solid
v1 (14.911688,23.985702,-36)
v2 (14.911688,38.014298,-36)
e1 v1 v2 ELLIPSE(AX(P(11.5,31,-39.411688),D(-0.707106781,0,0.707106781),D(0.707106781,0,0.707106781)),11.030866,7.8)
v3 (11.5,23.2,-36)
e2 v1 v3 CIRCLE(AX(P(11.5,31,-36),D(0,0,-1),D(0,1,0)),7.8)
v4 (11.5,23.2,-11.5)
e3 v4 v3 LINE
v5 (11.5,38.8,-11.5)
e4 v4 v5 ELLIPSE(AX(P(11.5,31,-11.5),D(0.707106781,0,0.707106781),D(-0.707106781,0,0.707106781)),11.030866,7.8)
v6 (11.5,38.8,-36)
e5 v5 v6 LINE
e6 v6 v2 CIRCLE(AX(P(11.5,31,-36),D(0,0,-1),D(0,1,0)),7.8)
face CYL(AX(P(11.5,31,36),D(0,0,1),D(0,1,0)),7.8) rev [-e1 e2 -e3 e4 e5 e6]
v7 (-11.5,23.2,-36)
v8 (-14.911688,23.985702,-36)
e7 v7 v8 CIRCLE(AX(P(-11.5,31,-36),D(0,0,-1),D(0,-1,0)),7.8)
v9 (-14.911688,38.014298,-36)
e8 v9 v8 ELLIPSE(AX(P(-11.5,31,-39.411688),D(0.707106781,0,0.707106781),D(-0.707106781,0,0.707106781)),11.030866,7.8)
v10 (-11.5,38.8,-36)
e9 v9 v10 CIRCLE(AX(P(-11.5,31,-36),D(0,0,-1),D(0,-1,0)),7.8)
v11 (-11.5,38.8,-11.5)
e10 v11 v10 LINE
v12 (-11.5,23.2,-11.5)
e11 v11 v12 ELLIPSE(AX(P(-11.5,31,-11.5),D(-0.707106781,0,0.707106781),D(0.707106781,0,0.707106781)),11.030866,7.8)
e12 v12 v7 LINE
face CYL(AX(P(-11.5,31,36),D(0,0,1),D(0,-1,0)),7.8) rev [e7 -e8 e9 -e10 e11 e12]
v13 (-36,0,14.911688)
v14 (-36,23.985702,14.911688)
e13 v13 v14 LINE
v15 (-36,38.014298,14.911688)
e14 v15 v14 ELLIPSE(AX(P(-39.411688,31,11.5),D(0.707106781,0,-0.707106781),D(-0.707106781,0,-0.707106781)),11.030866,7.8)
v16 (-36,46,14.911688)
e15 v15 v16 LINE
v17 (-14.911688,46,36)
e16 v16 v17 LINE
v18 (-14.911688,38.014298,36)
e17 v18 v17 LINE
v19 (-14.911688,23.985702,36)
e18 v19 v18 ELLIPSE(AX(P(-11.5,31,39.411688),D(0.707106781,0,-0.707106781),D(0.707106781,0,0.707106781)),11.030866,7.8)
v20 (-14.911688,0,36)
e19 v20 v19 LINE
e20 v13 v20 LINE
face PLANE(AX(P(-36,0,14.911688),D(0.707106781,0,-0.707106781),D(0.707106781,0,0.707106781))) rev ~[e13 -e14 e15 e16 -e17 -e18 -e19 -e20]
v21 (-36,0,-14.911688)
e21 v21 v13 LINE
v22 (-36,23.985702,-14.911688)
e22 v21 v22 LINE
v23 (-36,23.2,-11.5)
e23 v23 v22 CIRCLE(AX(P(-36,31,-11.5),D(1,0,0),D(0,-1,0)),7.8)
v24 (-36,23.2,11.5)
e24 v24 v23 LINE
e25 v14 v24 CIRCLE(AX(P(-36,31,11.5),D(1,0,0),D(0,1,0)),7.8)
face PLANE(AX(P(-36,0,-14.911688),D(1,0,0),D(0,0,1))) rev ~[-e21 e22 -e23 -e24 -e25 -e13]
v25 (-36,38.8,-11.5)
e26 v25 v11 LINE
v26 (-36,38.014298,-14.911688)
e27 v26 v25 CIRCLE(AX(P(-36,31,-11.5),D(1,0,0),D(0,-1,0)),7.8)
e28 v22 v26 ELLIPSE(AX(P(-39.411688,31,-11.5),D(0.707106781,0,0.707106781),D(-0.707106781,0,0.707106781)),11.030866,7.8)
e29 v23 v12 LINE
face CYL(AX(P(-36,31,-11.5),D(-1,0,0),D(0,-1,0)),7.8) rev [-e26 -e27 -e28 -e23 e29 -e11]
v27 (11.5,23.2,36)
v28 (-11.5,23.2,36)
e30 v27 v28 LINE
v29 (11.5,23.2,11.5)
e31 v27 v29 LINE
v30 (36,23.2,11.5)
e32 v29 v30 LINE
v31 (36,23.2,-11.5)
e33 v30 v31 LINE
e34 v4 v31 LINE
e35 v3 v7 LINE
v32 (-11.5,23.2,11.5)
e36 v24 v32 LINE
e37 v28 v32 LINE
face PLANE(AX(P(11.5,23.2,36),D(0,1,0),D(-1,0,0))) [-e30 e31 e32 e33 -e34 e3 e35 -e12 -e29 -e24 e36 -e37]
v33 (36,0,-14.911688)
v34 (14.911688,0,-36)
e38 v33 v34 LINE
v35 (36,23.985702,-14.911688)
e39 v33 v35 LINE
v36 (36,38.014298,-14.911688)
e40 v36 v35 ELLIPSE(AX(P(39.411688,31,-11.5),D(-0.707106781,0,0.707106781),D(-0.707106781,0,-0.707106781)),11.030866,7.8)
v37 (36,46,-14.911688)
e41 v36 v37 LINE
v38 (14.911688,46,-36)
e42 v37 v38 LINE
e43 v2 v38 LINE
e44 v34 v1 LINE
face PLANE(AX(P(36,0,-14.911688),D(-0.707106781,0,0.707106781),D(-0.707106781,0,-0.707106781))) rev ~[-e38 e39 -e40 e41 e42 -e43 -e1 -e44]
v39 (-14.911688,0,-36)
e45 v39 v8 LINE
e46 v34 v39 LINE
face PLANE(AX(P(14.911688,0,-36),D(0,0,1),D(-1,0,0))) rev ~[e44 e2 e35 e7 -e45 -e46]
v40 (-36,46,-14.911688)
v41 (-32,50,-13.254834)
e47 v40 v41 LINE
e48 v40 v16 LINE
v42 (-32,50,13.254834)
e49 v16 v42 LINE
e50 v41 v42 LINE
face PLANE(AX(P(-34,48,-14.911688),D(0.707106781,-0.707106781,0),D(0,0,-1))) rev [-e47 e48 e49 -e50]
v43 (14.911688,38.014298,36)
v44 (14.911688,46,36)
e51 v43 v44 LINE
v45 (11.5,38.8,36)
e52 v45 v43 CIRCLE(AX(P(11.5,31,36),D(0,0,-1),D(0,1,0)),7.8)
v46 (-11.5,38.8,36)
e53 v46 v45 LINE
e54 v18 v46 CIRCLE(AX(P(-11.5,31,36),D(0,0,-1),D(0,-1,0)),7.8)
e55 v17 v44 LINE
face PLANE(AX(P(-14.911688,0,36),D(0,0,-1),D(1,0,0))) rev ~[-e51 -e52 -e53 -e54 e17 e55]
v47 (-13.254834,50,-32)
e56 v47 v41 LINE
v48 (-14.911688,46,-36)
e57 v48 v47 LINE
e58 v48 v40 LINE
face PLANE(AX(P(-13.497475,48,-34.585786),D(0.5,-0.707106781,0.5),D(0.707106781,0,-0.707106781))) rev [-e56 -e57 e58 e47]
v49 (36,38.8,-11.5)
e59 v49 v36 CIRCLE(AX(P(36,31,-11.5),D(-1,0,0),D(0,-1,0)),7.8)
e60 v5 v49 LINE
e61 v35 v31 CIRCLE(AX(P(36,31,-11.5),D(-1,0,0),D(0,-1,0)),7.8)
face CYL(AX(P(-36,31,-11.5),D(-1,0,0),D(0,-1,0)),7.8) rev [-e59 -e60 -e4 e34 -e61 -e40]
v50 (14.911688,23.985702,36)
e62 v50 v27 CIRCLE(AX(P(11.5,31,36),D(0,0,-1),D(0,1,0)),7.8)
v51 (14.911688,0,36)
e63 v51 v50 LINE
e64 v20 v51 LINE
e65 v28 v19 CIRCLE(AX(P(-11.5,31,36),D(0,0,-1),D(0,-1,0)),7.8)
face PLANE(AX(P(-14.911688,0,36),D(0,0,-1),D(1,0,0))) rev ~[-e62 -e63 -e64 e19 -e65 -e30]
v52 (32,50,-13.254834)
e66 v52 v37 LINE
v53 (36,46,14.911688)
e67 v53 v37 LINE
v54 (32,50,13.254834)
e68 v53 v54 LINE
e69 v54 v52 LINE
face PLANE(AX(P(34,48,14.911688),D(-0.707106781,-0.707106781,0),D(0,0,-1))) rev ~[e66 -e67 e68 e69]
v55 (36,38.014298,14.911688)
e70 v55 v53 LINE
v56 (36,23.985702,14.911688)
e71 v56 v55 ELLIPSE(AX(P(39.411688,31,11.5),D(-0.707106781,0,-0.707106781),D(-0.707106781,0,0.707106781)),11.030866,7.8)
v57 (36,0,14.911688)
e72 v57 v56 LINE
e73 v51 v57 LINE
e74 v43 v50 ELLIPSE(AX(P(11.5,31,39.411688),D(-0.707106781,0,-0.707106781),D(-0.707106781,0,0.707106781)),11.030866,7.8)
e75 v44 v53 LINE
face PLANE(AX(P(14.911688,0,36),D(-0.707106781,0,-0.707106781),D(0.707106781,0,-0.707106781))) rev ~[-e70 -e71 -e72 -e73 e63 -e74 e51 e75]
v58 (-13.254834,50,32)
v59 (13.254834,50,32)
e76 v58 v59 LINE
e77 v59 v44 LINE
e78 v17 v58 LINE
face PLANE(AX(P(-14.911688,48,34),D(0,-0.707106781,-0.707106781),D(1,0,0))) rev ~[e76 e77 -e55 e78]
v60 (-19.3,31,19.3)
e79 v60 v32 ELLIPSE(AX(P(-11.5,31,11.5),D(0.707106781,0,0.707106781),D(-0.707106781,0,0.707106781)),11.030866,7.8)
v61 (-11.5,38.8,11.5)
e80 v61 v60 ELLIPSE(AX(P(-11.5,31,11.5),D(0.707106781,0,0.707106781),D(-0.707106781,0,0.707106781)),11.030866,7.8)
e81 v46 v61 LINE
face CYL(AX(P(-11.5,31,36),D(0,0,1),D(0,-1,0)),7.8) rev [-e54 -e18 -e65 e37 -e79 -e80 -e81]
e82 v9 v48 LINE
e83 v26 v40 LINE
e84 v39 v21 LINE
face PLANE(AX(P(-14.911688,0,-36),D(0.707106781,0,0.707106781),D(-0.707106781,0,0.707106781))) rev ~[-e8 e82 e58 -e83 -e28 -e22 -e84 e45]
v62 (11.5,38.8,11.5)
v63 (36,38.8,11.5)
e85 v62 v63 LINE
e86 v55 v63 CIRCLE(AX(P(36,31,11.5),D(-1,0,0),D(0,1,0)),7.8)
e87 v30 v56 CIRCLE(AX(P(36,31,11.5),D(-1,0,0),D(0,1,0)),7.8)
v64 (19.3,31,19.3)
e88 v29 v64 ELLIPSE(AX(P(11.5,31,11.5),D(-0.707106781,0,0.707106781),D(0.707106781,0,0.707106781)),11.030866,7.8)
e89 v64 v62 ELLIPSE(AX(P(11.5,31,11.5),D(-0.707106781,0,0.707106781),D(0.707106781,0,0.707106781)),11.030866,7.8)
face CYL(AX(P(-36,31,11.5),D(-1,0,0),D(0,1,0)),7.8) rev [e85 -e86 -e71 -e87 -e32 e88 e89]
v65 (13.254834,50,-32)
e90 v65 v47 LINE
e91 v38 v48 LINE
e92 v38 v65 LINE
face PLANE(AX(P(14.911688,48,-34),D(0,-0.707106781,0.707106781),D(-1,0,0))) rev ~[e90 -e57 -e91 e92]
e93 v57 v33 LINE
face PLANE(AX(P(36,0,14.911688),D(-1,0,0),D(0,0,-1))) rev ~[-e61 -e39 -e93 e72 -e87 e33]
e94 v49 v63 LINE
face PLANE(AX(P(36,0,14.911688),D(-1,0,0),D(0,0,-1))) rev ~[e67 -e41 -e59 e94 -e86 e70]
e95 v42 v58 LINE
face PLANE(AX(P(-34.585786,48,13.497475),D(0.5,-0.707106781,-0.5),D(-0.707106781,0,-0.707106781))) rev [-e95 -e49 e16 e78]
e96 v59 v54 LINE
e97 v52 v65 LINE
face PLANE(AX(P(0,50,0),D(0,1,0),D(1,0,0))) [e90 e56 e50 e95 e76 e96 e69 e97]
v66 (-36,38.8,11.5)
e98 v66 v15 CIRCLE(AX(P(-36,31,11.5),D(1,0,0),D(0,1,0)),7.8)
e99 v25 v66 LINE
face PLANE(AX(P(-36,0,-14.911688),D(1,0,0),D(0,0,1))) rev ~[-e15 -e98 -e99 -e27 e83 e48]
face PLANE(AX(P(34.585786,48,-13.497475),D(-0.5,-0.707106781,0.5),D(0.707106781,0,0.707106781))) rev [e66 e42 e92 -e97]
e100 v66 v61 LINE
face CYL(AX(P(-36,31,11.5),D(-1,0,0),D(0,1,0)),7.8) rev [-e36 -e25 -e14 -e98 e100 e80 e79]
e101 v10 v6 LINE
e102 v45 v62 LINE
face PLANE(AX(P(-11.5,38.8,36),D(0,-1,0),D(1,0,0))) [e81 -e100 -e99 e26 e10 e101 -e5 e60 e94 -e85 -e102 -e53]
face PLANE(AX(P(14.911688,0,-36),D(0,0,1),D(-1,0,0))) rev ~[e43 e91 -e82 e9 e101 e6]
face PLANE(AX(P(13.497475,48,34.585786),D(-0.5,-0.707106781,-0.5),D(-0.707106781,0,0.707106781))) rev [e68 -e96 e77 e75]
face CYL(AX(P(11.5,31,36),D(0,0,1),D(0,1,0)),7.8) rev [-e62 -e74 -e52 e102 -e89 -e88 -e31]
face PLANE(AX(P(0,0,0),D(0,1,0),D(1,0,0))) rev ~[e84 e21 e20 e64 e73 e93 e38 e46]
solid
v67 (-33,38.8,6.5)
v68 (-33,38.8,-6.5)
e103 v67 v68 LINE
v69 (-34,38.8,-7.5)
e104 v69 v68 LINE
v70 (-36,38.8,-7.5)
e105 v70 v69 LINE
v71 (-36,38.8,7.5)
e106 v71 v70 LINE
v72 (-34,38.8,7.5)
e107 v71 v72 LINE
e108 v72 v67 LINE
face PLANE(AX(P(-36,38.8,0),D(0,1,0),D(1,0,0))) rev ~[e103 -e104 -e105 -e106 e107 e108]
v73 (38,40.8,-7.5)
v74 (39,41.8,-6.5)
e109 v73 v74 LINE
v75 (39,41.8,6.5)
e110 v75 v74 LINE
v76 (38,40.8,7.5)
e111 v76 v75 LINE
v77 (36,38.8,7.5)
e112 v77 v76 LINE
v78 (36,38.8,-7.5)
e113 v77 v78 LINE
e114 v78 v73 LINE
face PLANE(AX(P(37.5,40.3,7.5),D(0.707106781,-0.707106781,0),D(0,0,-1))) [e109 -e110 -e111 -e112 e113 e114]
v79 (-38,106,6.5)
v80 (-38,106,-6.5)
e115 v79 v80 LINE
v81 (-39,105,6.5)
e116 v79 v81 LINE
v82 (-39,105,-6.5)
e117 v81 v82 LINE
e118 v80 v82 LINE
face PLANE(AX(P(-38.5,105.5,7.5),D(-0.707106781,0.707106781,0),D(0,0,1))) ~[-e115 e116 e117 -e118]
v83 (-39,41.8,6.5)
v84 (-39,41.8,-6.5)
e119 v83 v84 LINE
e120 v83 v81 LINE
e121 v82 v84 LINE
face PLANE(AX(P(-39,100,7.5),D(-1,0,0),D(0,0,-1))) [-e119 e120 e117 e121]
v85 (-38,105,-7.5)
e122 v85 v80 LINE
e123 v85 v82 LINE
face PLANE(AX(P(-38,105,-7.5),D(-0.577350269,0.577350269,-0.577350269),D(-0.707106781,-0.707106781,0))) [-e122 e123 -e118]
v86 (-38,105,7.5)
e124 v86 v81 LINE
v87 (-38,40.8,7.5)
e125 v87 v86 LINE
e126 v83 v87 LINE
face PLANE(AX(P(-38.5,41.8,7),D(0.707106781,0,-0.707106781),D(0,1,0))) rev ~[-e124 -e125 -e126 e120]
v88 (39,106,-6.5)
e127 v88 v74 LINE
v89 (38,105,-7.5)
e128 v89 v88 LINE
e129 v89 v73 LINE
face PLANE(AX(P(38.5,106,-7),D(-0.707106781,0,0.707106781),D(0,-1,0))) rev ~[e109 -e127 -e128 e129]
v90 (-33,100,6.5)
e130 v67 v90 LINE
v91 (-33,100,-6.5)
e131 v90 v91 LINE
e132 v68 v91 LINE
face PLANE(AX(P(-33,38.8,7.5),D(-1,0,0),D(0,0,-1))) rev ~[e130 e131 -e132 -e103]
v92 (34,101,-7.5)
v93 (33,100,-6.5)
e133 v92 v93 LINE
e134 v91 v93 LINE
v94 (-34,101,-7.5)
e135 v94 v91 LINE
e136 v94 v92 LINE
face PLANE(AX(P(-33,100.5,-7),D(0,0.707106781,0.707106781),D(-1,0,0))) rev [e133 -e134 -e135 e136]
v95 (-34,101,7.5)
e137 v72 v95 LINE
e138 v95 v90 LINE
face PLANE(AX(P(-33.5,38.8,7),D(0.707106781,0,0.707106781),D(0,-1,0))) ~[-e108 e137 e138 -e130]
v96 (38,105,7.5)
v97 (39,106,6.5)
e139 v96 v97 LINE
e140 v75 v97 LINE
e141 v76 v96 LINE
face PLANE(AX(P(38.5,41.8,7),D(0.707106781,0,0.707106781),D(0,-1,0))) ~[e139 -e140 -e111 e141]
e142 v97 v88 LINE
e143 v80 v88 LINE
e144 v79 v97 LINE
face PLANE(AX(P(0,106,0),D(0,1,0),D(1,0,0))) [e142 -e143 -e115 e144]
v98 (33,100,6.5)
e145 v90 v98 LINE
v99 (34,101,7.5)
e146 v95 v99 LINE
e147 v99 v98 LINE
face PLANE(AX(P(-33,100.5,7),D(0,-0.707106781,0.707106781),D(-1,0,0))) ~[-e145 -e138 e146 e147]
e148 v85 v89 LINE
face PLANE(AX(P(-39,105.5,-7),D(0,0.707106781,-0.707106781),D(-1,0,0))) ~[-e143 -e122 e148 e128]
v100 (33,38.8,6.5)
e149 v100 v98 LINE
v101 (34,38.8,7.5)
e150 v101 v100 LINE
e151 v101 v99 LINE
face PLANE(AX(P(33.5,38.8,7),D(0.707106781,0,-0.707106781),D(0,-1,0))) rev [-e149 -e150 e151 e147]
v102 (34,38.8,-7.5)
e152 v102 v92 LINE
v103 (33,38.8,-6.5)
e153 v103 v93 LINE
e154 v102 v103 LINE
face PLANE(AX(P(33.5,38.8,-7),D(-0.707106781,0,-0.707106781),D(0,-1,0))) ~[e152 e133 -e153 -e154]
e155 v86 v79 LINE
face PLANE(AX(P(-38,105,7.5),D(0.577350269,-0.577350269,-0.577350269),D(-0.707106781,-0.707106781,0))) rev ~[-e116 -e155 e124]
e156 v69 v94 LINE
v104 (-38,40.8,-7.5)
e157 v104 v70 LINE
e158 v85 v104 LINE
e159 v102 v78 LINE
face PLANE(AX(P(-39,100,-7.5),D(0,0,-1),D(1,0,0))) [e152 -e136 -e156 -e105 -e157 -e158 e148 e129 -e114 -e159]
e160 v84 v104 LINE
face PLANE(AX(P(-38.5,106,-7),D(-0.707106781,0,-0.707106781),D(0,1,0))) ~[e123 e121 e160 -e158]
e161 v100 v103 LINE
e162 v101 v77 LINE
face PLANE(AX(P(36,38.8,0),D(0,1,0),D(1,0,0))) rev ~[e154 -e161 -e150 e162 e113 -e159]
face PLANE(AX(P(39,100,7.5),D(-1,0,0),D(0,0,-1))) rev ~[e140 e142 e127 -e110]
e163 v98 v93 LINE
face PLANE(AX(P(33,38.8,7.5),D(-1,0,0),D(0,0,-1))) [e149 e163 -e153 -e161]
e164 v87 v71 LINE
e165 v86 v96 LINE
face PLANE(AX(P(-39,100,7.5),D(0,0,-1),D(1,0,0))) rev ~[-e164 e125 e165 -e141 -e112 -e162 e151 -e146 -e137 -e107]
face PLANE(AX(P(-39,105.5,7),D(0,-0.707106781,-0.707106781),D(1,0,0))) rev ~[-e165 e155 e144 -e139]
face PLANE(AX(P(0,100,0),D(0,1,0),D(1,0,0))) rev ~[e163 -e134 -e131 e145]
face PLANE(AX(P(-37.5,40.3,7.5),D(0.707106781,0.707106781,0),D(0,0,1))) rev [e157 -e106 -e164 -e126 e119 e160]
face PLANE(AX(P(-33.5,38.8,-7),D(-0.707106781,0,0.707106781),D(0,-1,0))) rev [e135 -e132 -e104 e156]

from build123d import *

# Parameters (mm, degrees)
BOSS_EXTRUDE1_DEPTH         = 50
CUT_EXTRUDE1_DEPTH          = 72
CUT_EXTRUDE2_REACH          = 96.763
CHAMFER10_SIZE              = 4
BOSS_EXTRUDE10_DEPTH        = 50
BOSS_EXTRUDE10_DEPTH_BACK   = 11.2
SKETCH18_W                  = 6
SKETCH18_H                  = 15
BOSS_EXTRUDE10_2_DEPTH      = 50
BOSS_EXTRUDE10_2_DEPTH_BACK = 11.2
SKETCH20_W                  = 78
SKETCH20_H                  = 15
BOSS_EXTRUDE11_DEPTH        = 6
CHAMFER8_SIZE               = 3
CHAMFER9_SIZE               = 1


with BuildPart() as part:
    # Sketch1 → Boss-Extrude1 (new body)
    with BuildSketch(Plane(origin=(0, 0, 0), x_dir=(1, 0, 0), z_dir=(0, 1, 0))):
        Polygon((14.911688245, 36), (-14.911688245, 36), (-36, 14.911688245), (-36, -14.911688245), (-14.911688245, -36), (14.911688245, -36), (36, -14.911688245), (36, 14.911688245), align=None)
    extrude(amount=BOSS_EXTRUDE1_DEPTH)

    # Sketch3 → Cut-Extrude1 (cut)
    with BuildSketch(Plane.XY.offset(36)):
        with BuildLine():
            Line((-11.5, 38.8), (11.5, 38.8))
            ThreePointArc((11.5, 38.8), (19.3, 31), (11.5, 23.2))
            Line((11.5, 23.2), (-11.5, 23.2))
            ThreePointArc((-11.5, 23.2), (-19.3, 31), (-11.5, 38.8))
        make_face()
    extrude(amount=-CUT_EXTRUDE1_DEPTH, mode=Mode.SUBTRACT)

    # Cut-Extrude2: up to this face of the body (flat: up to its plane)
    cut_extrude2_end = Plane(part.part.faces().sort_by_distance((36, 25, 0))[0])
    # Sketch4 → Cut-Extrude2 (cut, up to the picked face)
    with BuildSketch(Plane.ZY.offset(36), mode=Mode.PRIVATE) as cut_extrude2_sk1:
        with BuildLine():
            Line((-11.5, 38.8), (11.5, 38.8))
            ThreePointArc((11.5, 38.8), (19.3, 31), (11.5, 23.2))
            Line((11.5, 23.2), (-11.5, 23.2))
            ThreePointArc((-11.5, 23.2), (-19.3, 31), (-11.5, 38.8))
        make_face()
    cut_extrude2_tool1 = split(extrude(cut_extrude2_sk1.sketch, amount=-CUT_EXTRUDE2_REACH, mode=Mode.PRIVATE), bisect_by=cut_extrude2_end, keep=Keep.BOTH, mode=Mode.PRIVATE)
    add(cut_extrude2_tool1.solids().sort_by(Axis((-36, 31, 0), (1, 0, 0)))[0], mode=Mode.SUBTRACT)

    # Chamfer10
    chamfer10_edges = [part.edges().sort_by_distance(p)[0] for p in [
        (-25.455844123, 50, -25.455844123),
        (-36, 50, 0),
        (-25.455844123, 50, 25.455844123),
        (0, 50, 36),
        (25.455844123, 50, 25.455844123),
        (36, 50, 0),
        (25.455844123, 50, -25.455844123),
        (0, 50, -36),
    ]]
    chamfer(chamfer10_edges, length=CHAMFER10_SIZE)


with BuildPart() as body_2:
    # Sketch18 → Boss-Extrude10 (new, two sides: drawn at the far end of the back side and taken through both)
    with BuildSketch(Plane(origin=(0, 50, 0), x_dir=(1, 0, 0), z_dir=(0, 1, 0)).offset(-BOSS_EXTRUDE10_DEPTH_BACK)):
        with Locations((-36, 0)):
            Rectangle(SKETCH18_W, SKETCH18_H)
    extrude(amount=BOSS_EXTRUDE10_DEPTH + BOSS_EXTRUDE10_DEPTH_BACK)



with BuildPart() as body_3:
    # Sketch18 → Boss-Extrude10 2 (new, two sides: drawn at the far end of the back side and taken through both)
    with BuildSketch(Plane(origin=(0, 50, 0), x_dir=(1, 0, 0), z_dir=(0, 1, 0)).offset(-BOSS_EXTRUDE10_2_DEPTH_BACK)):
        with Locations((36, 0)):
            Rectangle(SKETCH18_W, SKETCH18_H)
    extrude(amount=BOSS_EXTRUDE10_2_DEPTH + BOSS_EXTRUDE10_2_DEPTH_BACK)


with BuildPart() as body_2_1:
    add(body_2.part)

    add(body_3.part)  # Boss-Extrude11 merges body 3
    # Sketch20 → Boss-Extrude11 (add)
    with BuildSketch(Plane(origin=(0, 100, 0), x_dir=(1, 0, 0), z_dir=(0, 1, 0))):
        Rectangle(SKETCH20_W, SKETCH20_H)
    extrude(amount=BOSS_EXTRUDE11_DEPTH)

    # Chamfer8
    chamfer8_edges = [body_2_1.edges().sort_by_distance(p)[0] for p in [
        (-39, 38.8, 0),
        (39, 38.8, 0),
    ]]
    chamfer(chamfer8_edges, length=CHAMFER8_SIZE)

    # Chamfer9
    chamfer9_edges = [body_2_1.edges().sort_by_distance(p)[0] for p in [
        (-33, 69.4, 7.5),
        (-33, 69.4, -7.5),
        (0, 100, 7.5),
        (39, 73.9, 7.5),
        (39, 73.9, -7.5),
        (-39, 106, 0),
        (0, 106, 7.5),
        (0, 106, -7.5),
        (0, 100, -7.5),
        (33, 69.4, -7.5),
        (33, 69.4, 7.5),
        (-39, 73.9, 7.5),
        (-39, 73.9, -7.5),
    ]]
    chamfer(chamfer9_edges, length=CHAMFER9_SIZE)


solid = Compound([part.part, body_2_1.part])
